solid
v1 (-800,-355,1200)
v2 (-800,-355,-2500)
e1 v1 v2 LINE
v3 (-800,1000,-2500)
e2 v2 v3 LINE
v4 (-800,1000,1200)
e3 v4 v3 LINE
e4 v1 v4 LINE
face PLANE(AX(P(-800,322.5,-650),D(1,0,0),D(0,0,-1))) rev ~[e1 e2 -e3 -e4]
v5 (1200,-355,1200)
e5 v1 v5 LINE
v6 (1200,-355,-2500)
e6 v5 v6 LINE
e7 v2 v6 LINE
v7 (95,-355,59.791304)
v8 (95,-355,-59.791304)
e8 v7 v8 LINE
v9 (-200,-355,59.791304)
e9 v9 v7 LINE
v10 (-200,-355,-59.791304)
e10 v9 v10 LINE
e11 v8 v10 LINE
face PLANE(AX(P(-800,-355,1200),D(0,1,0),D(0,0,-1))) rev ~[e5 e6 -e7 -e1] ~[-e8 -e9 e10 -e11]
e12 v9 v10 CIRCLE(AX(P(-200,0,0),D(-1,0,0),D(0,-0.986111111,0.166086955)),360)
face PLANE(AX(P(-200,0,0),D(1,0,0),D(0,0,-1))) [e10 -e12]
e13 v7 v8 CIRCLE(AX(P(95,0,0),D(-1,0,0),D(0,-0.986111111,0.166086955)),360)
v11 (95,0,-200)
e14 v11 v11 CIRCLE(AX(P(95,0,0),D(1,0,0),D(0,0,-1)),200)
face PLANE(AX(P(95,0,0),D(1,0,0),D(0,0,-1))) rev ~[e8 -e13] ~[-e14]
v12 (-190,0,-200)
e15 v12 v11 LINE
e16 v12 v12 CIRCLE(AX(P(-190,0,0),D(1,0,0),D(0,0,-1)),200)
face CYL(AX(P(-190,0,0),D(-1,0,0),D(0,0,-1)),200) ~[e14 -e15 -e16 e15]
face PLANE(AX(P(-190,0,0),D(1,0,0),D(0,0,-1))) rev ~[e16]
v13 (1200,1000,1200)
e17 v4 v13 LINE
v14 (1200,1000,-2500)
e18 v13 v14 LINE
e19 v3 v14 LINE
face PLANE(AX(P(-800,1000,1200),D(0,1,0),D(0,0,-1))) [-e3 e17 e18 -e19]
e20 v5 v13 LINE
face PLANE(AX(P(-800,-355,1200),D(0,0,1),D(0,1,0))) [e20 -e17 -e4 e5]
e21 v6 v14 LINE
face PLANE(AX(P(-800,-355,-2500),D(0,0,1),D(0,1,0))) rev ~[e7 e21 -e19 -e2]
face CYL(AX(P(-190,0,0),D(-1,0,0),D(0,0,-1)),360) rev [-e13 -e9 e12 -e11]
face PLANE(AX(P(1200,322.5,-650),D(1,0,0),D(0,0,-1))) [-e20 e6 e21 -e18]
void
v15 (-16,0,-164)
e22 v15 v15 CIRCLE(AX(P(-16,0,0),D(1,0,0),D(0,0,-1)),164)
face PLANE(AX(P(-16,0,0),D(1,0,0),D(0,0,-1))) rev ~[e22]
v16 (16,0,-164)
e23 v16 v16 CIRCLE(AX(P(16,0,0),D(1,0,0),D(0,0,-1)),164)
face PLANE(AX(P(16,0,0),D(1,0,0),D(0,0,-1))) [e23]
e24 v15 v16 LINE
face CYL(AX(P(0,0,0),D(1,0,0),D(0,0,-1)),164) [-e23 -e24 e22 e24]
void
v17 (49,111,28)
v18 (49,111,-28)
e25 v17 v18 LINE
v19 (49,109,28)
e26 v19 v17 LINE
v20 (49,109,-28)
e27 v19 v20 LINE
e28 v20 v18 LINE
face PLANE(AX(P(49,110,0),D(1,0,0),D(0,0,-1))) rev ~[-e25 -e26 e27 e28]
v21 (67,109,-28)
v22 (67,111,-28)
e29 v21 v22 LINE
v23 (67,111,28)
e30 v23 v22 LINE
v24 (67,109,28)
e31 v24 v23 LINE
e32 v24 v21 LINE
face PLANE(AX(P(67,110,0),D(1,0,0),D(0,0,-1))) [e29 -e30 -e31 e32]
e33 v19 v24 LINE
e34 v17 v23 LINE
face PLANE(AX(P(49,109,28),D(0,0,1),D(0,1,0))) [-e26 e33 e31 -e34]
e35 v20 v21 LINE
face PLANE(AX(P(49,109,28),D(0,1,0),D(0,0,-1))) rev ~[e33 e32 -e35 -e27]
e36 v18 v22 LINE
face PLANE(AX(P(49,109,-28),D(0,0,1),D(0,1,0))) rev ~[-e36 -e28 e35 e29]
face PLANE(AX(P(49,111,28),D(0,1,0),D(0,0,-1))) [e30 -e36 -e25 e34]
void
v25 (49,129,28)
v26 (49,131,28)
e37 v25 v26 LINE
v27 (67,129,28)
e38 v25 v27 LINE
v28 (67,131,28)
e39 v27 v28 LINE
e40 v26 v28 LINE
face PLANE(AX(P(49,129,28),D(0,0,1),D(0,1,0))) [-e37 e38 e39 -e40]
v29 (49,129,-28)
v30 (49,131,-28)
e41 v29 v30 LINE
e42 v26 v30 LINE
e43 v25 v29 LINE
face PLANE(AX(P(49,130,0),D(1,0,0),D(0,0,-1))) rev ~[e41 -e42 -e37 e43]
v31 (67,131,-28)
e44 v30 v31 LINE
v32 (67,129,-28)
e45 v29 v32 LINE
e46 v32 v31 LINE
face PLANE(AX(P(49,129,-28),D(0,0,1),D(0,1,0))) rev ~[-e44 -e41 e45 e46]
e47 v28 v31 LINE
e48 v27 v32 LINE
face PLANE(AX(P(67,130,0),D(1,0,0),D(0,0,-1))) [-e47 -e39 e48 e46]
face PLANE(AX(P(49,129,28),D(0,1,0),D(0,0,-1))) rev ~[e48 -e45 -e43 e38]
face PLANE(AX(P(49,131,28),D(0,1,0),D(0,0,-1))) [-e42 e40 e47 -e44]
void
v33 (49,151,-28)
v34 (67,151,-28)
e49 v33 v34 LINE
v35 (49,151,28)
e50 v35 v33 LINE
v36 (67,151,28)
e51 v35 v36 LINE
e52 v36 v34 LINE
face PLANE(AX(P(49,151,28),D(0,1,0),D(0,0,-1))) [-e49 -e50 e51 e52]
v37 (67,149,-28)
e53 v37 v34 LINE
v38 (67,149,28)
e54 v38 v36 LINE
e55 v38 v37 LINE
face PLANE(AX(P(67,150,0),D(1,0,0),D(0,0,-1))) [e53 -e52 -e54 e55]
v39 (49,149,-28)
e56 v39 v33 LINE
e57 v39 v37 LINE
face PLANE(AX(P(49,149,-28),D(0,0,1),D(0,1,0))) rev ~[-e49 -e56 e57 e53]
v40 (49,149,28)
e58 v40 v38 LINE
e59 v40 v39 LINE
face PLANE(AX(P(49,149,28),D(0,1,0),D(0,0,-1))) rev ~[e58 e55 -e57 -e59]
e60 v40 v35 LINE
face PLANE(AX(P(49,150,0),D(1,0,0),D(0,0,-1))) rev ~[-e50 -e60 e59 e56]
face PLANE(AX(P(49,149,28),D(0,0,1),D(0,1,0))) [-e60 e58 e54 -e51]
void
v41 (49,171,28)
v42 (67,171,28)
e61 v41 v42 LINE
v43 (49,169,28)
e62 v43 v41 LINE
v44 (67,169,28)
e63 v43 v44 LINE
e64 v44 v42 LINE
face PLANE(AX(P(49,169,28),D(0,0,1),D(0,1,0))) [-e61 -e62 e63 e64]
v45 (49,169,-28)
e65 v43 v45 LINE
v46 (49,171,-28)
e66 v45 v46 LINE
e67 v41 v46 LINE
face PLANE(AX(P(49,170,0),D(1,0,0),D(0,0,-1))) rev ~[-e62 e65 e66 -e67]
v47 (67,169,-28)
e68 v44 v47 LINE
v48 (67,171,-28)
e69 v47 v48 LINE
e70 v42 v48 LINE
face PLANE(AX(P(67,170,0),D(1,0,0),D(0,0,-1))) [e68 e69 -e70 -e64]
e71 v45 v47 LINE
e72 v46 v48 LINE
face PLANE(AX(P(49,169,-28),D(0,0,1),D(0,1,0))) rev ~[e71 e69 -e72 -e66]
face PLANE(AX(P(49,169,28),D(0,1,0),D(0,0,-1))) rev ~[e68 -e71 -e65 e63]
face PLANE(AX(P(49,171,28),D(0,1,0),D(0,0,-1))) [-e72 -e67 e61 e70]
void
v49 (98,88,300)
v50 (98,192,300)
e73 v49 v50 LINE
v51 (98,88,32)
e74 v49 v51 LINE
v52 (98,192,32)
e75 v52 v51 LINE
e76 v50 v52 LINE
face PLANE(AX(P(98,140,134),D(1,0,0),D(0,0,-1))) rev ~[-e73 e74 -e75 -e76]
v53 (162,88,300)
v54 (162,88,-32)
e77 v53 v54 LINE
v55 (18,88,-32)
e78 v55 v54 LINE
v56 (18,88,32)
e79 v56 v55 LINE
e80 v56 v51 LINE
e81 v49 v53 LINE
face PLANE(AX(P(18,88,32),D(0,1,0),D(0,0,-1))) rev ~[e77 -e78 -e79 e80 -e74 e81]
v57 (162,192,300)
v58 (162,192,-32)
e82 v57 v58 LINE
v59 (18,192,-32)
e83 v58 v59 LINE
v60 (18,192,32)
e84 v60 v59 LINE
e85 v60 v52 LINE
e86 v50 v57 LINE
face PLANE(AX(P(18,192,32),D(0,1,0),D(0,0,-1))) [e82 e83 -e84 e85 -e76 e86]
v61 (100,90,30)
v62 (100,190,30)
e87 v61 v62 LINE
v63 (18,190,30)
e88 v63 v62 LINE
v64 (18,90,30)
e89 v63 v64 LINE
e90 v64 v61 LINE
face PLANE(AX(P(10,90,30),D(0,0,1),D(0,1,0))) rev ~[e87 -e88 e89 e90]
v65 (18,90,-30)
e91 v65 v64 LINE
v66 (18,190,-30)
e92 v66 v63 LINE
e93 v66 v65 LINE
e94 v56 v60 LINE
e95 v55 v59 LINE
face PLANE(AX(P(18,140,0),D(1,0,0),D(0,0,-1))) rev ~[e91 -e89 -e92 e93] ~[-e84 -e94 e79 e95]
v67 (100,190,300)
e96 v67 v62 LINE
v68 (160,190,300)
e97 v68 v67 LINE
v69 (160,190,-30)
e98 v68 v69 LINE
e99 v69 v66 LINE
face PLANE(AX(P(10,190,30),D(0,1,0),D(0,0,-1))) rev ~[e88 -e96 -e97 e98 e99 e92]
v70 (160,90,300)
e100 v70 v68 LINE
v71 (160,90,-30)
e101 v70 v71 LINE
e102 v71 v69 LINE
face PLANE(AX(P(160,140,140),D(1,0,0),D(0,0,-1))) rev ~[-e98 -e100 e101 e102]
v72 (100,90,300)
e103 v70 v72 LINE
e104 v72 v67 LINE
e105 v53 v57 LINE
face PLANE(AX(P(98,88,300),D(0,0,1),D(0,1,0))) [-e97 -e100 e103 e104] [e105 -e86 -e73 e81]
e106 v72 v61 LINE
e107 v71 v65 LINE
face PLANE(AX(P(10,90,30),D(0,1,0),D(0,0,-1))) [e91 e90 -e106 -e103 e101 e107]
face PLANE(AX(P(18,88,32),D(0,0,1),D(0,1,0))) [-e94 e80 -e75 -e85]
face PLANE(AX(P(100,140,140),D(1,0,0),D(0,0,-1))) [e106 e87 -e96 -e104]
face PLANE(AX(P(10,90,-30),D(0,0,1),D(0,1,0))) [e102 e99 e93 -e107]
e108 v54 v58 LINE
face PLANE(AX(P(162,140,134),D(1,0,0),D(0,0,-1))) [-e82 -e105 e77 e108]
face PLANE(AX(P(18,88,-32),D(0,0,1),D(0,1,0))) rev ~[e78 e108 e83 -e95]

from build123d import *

# Parameters (mm, degrees)
AIR_BOX_START      = -800
SKETCH1_W          = 3700
SKETCH1_H          = 1355
AIR_BOX_DEPTH      = 2000
WHEEL_START        = -190
SKETCH2_R          = 360
SKETCH2_R_2        = 200
WHEEL_DEPTH        = 285
COVER_START        = -200
SKETCH3_R          = 360
COVER_DEPTH        = 10
SKETCH4_R          = 164
ROTOR_DEPTH        = 16
THROAT_OUTER_START = 18
SKETCH5_W          = 64
SKETCH5_H          = 104
THROAT_OUTER_DEPTH = 82
SCOOP_OUTER_START  = 98
SKETCH6_W          = 332
SKETCH6_H          = 104
SCOOP_OUTER_DEPTH  = 64
THROAT_INNER_START = 10
SKETCH7_W          = 60
SKETCH7_H          = 100
THROAT_INNER_DEPTH = 91
SCOOP_INNER_START  = 100
SKETCH8_W          = 340
SKETCH8_H          = 100
SCOOP_INNER_DEPTH  = 60
LOUVER1_START      = 49
SKETCH9_W          = 56
SKETCH9_H          = 2
LOUVER1_DEPTH      = 18
LOUVER2_START      = 49
SKETCH10_W         = 56
SKETCH10_H         = 2
LOUVER2_DEPTH      = 18
LOUVER3_START      = 49
SKETCH11_W         = 56
SKETCH11_H         = 2
LOUVER3_DEPTH      = 18
LOUVER4_START      = 49
SKETCH12_W         = 56
SKETCH12_H         = 2
LOUVER4_DEPTH      = 18


with BuildPart() as part:
    # Sketch1 → air_box (new body)
    with BuildSketch(Plane(origin=(0, 0, 0), x_dir=(0, 0, -1), z_dir=(1, 0, 0)).offset(AIR_BOX_START)):
        with Locations((650, 322.5)):
            Rectangle(SKETCH1_W, SKETCH1_H)
    extrude(amount=AIR_BOX_DEPTH)


with BuildPart() as body_2:
    # Sketch2 → wheel (new body)
    with BuildSketch(Plane(origin=(0, 0, 0), x_dir=(0, 0, -1), z_dir=(1, 0, 0)).offset(WHEEL_START)):
        Circle(SKETCH2_R)
        Circle(SKETCH2_R_2, mode=Mode.SUBTRACT)
    extrude(amount=WHEEL_DEPTH)


with BuildPart() as body_3:
    # Sketch3 → cover (new body)
    with BuildSketch(Plane(origin=(0, 0, 0), x_dir=(0, 0, -1), z_dir=(1, 0, 0)).offset(COVER_START)):
        Circle(SKETCH3_R)
    extrude(amount=COVER_DEPTH)


with BuildPart() as body_4:
    # Sketch4 → rotor (new, symmetric)
    with BuildSketch(Plane(origin=(0, 0, 0), x_dir=(0, 0, -1), z_dir=(1, 0, 0))):
        Circle(SKETCH4_R)
    extrude(amount=ROTOR_DEPTH, both=True)


with BuildPart() as body_5:
    # Sketch5 → throat_outer (new body)
    with BuildSketch(Plane(origin=(0, 0, 0), x_dir=(0, 0, -1), z_dir=(1, 0, 0)).offset(THROAT_OUTER_START)):
        with Locations((0, 140)):
            Rectangle(SKETCH5_W, SKETCH5_H)
    extrude(amount=THROAT_OUTER_DEPTH)


with BuildPart() as body_6:
    # Sketch6 → scoop_outer (new body)
    with BuildSketch(Plane(origin=(0, 0, 0), x_dir=(0, 0, -1), z_dir=(1, 0, 0)).offset(SCOOP_OUTER_START)):
        with Locations((-134, 140)):
            Rectangle(SKETCH6_W, SKETCH6_H)
    extrude(amount=SCOOP_OUTER_DEPTH)

    # Combine1: union body 5
    add(body_5.part)


with BuildPart() as body_6_2:
    # Sketch7 → throat_inner (new body)
    with BuildSketch(Plane(origin=(0, 0, 0), x_dir=(0, 0, -1), z_dir=(1, 0, 0)).offset(THROAT_INNER_START)):
        with Locations((0, 140)):
            Rectangle(SKETCH7_W, SKETCH7_H)
    extrude(amount=THROAT_INNER_DEPTH)


with BuildPart() as body_7:
    # Sketch8 → scoop_inner (new body)
    with BuildSketch(Plane(origin=(0, 0, 0), x_dir=(0, 0, -1), z_dir=(1, 0, 0)).offset(SCOOP_INNER_START)):
        with Locations((-140, 140)):
            Rectangle(SKETCH8_W, SKETCH8_H)
    extrude(amount=SCOOP_INNER_DEPTH)


with BuildPart() as body_6_1:
    add(body_6.part)

    # Combine2: cut body 6 2, body 7
    add(body_6_2.part, mode=Mode.SUBTRACT)
    add(body_7.part, mode=Mode.SUBTRACT)


with BuildPart() as body_6_3:
    # Sketch9 → louver1 (new body)
    with BuildSketch(Plane(origin=(0, 0, 0), x_dir=(0, 0, -1), z_dir=(1, 0, 0)).offset(LOUVER1_START)):
        with Locations((0, 110)):
            Rectangle(SKETCH9_W, SKETCH9_H)
    extrude(amount=LOUVER1_DEPTH)


with BuildPart() as body_7_2:
    # Sketch10 → louver2 (new body)
    with BuildSketch(Plane(origin=(0, 0, 0), x_dir=(0, 0, -1), z_dir=(1, 0, 0)).offset(LOUVER2_START)):
        with Locations((0, 130)):
            Rectangle(SKETCH10_W, SKETCH10_H)
    extrude(amount=LOUVER2_DEPTH)


with BuildPart() as body_8:
    # Sketch11 → louver3 (new body)
    with BuildSketch(Plane(origin=(0, 0, 0), x_dir=(0, 0, -1), z_dir=(1, 0, 0)).offset(LOUVER3_START)):
        with Locations((0, 150)):
            Rectangle(SKETCH11_W, SKETCH11_H)
    extrude(amount=LOUVER3_DEPTH)


with BuildPart() as body_9:
    # Sketch12 → louver4 (new body)
    with BuildSketch(Plane(origin=(0, 0, 0), x_dir=(0, 0, -1), z_dir=(1, 0, 0)).offset(LOUVER4_START)):
        with Locations((0, 170)):
            Rectangle(SKETCH12_W, SKETCH12_H)
    extrude(amount=LOUVER4_DEPTH)


with BuildPart() as part_1:
    add(part.part)

    # Combine3: cut body 2
    add(body_2.part, mode=Mode.SUBTRACT)

    # Combine4: cut body 3
    add(body_3.part, mode=Mode.SUBTRACT)

    # Combine5: cut body 4
    add(body_4.part, mode=Mode.SUBTRACT)

    # Combine6: cut body 6
    add(body_6_1.part, mode=Mode.SUBTRACT)

    # Combine7: cut body 6 3
    add(body_6_3.part, mode=Mode.SUBTRACT)

    # Combine8: cut body 7 2
    add(body_7_2.part, mode=Mode.SUBTRACT)

    # Combine9: cut body 8
    add(body_8.part, mode=Mode.SUBTRACT)

    # Combine10: cut body 9
    add(body_9.part, mode=Mode.SUBTRACT)


solid = part_1.part
